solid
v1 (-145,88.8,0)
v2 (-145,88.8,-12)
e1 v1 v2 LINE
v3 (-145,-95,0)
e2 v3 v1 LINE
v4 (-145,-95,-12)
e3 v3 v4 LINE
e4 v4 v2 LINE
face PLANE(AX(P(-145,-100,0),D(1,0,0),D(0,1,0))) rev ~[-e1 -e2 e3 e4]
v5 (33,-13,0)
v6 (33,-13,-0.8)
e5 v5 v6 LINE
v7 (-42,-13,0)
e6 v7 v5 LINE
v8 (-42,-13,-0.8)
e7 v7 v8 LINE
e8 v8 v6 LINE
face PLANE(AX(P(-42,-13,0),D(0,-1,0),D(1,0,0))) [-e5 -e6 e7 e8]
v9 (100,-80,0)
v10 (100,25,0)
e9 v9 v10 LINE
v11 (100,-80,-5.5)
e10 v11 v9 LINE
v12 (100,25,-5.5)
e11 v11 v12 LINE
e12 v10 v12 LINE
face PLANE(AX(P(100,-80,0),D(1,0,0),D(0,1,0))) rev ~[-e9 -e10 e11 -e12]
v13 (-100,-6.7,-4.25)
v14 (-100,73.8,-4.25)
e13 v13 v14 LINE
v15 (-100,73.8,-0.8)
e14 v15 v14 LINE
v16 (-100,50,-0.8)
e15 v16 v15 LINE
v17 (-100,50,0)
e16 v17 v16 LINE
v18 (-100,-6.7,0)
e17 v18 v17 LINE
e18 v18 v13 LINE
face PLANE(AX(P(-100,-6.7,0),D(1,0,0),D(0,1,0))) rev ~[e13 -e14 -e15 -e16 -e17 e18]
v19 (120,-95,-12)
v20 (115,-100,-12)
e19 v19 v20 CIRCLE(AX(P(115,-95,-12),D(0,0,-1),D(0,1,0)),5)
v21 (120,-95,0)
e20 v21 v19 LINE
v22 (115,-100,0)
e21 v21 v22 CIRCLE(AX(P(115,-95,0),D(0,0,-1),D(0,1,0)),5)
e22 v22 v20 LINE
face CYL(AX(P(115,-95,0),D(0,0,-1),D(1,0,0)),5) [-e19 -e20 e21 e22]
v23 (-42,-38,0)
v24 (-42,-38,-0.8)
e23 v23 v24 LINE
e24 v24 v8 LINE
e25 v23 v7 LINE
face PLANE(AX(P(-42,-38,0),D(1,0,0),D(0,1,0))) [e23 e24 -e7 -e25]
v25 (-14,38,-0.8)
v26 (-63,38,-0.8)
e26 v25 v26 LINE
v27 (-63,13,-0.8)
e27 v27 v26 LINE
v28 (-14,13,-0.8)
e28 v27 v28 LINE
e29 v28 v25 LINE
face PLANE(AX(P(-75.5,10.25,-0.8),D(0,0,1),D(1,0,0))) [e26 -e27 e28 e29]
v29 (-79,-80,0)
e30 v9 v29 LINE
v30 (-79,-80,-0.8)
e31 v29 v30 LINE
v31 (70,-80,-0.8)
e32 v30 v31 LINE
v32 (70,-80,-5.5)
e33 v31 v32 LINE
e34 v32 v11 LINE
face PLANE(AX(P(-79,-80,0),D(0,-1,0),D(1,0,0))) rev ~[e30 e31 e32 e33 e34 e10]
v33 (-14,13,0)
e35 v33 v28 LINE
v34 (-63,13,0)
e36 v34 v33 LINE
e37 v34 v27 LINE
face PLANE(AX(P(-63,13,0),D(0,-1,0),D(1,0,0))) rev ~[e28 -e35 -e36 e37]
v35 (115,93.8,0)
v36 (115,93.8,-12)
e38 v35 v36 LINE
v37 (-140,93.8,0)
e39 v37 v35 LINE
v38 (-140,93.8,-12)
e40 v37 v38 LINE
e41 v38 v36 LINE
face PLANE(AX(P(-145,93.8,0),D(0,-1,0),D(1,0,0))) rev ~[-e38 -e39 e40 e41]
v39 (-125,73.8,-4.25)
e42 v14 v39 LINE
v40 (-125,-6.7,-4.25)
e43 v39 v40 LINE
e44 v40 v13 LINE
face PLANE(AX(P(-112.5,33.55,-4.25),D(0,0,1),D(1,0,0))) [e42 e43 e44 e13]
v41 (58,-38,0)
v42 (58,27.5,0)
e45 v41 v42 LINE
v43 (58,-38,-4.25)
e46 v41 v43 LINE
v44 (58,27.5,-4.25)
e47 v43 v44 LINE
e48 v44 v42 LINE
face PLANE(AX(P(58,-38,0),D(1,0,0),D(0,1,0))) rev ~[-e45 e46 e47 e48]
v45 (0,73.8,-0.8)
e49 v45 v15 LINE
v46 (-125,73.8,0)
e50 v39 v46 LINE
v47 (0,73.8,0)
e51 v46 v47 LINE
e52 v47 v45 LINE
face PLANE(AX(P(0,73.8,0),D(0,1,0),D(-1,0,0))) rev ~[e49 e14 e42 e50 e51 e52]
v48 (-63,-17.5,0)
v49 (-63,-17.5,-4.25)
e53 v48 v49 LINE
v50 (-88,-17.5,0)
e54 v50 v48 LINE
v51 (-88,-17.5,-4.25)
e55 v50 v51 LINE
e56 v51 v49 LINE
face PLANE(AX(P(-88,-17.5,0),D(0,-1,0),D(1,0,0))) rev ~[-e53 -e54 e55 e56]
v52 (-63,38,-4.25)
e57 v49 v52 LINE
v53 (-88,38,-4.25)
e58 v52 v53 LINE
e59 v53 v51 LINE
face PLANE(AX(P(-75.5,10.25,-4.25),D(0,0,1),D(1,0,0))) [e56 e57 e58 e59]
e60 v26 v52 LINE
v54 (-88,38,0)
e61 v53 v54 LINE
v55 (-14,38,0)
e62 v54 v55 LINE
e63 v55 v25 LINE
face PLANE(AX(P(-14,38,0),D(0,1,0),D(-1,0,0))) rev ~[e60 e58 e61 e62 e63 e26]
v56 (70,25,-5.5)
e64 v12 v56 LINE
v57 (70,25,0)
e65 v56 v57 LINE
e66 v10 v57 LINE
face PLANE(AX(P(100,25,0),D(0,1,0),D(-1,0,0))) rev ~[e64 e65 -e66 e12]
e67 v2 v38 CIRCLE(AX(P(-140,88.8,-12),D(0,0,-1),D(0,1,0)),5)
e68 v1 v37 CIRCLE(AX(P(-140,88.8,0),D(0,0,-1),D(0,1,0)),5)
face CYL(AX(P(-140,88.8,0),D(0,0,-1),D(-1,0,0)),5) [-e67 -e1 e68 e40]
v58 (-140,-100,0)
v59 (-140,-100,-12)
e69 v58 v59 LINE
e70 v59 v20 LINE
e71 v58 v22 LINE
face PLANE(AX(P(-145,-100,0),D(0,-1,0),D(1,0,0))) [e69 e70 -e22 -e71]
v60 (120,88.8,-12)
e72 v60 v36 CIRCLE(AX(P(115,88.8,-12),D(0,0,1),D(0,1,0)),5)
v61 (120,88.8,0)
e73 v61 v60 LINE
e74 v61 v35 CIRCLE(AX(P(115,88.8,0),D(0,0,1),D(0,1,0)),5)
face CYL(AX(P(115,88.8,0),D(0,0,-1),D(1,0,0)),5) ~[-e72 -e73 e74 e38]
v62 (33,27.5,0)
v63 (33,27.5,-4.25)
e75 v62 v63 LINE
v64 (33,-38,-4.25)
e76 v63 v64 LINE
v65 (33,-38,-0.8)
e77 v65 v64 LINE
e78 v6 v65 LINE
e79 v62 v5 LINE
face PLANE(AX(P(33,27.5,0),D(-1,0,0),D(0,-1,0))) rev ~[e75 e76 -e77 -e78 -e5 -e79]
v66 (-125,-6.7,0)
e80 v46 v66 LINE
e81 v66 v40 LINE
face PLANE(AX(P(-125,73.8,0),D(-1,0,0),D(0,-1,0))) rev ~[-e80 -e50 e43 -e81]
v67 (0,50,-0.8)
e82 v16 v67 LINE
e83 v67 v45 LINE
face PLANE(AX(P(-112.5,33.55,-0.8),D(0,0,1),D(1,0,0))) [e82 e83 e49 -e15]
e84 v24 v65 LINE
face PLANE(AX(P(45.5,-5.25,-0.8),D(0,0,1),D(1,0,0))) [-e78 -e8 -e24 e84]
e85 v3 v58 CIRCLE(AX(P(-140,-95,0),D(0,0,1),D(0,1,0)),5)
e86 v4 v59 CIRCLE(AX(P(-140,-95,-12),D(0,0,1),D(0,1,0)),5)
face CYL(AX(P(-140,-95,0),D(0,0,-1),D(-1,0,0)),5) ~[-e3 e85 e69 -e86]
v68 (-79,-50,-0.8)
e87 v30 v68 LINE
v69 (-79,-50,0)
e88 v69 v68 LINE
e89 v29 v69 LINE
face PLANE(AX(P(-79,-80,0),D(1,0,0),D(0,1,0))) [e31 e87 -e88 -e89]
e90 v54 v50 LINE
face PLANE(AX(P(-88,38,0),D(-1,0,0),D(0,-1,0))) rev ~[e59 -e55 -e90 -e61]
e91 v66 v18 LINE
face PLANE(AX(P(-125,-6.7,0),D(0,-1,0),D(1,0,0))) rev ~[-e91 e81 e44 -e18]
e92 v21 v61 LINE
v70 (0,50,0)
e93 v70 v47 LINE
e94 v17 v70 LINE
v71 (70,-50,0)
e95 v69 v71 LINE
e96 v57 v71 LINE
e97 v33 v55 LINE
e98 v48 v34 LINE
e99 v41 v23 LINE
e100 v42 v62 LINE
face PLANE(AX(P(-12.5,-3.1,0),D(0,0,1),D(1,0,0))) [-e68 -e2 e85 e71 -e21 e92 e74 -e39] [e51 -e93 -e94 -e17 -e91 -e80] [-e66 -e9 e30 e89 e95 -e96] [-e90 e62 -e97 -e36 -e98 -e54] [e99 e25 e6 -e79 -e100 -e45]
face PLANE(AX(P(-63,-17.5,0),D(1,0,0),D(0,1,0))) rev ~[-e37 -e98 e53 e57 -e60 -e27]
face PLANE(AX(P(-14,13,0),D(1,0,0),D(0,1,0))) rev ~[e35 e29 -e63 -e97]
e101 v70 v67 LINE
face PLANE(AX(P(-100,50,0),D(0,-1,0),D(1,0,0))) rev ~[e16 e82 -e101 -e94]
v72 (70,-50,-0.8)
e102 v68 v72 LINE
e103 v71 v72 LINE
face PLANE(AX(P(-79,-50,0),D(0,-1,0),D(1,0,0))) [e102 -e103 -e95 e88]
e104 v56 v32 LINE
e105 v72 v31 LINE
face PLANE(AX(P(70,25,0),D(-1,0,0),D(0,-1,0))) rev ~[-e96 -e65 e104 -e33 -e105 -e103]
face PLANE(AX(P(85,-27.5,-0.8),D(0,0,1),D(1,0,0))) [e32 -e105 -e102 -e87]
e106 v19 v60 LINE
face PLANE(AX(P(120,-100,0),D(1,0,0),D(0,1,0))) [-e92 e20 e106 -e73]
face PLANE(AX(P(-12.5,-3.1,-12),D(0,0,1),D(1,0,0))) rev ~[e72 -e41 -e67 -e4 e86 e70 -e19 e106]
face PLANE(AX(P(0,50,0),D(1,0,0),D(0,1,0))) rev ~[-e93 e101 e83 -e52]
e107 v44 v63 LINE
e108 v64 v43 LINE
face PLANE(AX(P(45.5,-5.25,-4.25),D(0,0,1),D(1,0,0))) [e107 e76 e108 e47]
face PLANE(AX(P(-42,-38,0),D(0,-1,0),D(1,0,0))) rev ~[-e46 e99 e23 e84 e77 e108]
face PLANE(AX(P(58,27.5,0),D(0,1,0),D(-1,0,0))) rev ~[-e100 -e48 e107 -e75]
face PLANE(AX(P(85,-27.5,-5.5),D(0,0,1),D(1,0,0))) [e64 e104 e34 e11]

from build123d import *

# Parameters (mm, degrees)
F1_W     = 265
F1_H     = 193.8
F2_DEPTH = 12
F0_W     = 100
F0_H     = 23.8
F0_W_2   = 49
F0_H_2   = 25
F0_W_3   = 75
F0_W_4   = 149
F0_H_3   = 30
F3_DEPTH = 0.8
F4_DEPTH = 4.25
F5_DEPTH = 5.5
F6_R     = 5


with BuildPart() as f2:
    # F1 (on Top) → F2 (new body)
    with BuildSketch(Plane.XY):
        with Locations((-12.5, -3.1)):
            Rectangle(F1_W, F1_H)
    extrude(amount=-F2_DEPTH)

    # F0 (on Top) → F3 (cut)
    with BuildSketch(Plane.XY):
        Polygon((-100, 73.8), (-125, 73.8), (-125, -6.7), (-100, -6.7), (-100, 50), align=None)
        with Locations((-50, 61.9)):
            Rectangle(F0_W, F0_H)
        Polygon((-63, 38), (-88, 38), (-88, -17.5), (-63, -17.5), (-63, 13), align=None)
        with Locations((-38.5, 25.5)):
            Rectangle(F0_W_2, F0_H_2)
        Polygon((58, 27.5), (33, 27.5), (33, -13), (33, -38), (58, -38), align=None)
        with Locations((-4.5, -25.5)):
            Rectangle(F0_W_3, F0_H_2)
        Polygon((100, -80), (100, 25), (70, 25), (70, -50), (70, -80), align=None)
        with Locations((-4.5, -65)):
            Rectangle(F0_W_4, F0_H_3)
    extrude(amount=-F3_DEPTH, mode=Mode.SUBTRACT)

    # F0 (on Top) → F4 (cut)
    with BuildSketch(Plane.XY):
        Polygon((58, 27.5), (33, 27.5), (33, -13), (33, -38), (58, -38), align=None)
        Polygon((-63, 38), (-88, 38), (-88, -17.5), (-63, -17.5), (-63, 13), align=None)
        Polygon((-100, 73.8), (-125, 73.8), (-125, -6.7), (-100, -6.7), (-100, 50), align=None)
    extrude(amount=-F4_DEPTH, mode=Mode.SUBTRACT)

    # F0 (on Top) → F5 (cut)
    with BuildSketch(Plane.XY):
        Polygon((100, -80), (100, 25), (70, 25), (70, -50), (70, -80), align=None)
    extrude(amount=-F5_DEPTH, mode=Mode.SUBTRACT)

    # F6
    f6_edges = [f2.edges().sort_by_distance(p)[0] for p in [
        (-145, -100, -6),
        (120, -100, -6),
        (120, 93.8, -6),
        (-145, 93.8, -6),
    ]]
    fillet(f6_edges, radius=F6_R)


solid = f2.part
